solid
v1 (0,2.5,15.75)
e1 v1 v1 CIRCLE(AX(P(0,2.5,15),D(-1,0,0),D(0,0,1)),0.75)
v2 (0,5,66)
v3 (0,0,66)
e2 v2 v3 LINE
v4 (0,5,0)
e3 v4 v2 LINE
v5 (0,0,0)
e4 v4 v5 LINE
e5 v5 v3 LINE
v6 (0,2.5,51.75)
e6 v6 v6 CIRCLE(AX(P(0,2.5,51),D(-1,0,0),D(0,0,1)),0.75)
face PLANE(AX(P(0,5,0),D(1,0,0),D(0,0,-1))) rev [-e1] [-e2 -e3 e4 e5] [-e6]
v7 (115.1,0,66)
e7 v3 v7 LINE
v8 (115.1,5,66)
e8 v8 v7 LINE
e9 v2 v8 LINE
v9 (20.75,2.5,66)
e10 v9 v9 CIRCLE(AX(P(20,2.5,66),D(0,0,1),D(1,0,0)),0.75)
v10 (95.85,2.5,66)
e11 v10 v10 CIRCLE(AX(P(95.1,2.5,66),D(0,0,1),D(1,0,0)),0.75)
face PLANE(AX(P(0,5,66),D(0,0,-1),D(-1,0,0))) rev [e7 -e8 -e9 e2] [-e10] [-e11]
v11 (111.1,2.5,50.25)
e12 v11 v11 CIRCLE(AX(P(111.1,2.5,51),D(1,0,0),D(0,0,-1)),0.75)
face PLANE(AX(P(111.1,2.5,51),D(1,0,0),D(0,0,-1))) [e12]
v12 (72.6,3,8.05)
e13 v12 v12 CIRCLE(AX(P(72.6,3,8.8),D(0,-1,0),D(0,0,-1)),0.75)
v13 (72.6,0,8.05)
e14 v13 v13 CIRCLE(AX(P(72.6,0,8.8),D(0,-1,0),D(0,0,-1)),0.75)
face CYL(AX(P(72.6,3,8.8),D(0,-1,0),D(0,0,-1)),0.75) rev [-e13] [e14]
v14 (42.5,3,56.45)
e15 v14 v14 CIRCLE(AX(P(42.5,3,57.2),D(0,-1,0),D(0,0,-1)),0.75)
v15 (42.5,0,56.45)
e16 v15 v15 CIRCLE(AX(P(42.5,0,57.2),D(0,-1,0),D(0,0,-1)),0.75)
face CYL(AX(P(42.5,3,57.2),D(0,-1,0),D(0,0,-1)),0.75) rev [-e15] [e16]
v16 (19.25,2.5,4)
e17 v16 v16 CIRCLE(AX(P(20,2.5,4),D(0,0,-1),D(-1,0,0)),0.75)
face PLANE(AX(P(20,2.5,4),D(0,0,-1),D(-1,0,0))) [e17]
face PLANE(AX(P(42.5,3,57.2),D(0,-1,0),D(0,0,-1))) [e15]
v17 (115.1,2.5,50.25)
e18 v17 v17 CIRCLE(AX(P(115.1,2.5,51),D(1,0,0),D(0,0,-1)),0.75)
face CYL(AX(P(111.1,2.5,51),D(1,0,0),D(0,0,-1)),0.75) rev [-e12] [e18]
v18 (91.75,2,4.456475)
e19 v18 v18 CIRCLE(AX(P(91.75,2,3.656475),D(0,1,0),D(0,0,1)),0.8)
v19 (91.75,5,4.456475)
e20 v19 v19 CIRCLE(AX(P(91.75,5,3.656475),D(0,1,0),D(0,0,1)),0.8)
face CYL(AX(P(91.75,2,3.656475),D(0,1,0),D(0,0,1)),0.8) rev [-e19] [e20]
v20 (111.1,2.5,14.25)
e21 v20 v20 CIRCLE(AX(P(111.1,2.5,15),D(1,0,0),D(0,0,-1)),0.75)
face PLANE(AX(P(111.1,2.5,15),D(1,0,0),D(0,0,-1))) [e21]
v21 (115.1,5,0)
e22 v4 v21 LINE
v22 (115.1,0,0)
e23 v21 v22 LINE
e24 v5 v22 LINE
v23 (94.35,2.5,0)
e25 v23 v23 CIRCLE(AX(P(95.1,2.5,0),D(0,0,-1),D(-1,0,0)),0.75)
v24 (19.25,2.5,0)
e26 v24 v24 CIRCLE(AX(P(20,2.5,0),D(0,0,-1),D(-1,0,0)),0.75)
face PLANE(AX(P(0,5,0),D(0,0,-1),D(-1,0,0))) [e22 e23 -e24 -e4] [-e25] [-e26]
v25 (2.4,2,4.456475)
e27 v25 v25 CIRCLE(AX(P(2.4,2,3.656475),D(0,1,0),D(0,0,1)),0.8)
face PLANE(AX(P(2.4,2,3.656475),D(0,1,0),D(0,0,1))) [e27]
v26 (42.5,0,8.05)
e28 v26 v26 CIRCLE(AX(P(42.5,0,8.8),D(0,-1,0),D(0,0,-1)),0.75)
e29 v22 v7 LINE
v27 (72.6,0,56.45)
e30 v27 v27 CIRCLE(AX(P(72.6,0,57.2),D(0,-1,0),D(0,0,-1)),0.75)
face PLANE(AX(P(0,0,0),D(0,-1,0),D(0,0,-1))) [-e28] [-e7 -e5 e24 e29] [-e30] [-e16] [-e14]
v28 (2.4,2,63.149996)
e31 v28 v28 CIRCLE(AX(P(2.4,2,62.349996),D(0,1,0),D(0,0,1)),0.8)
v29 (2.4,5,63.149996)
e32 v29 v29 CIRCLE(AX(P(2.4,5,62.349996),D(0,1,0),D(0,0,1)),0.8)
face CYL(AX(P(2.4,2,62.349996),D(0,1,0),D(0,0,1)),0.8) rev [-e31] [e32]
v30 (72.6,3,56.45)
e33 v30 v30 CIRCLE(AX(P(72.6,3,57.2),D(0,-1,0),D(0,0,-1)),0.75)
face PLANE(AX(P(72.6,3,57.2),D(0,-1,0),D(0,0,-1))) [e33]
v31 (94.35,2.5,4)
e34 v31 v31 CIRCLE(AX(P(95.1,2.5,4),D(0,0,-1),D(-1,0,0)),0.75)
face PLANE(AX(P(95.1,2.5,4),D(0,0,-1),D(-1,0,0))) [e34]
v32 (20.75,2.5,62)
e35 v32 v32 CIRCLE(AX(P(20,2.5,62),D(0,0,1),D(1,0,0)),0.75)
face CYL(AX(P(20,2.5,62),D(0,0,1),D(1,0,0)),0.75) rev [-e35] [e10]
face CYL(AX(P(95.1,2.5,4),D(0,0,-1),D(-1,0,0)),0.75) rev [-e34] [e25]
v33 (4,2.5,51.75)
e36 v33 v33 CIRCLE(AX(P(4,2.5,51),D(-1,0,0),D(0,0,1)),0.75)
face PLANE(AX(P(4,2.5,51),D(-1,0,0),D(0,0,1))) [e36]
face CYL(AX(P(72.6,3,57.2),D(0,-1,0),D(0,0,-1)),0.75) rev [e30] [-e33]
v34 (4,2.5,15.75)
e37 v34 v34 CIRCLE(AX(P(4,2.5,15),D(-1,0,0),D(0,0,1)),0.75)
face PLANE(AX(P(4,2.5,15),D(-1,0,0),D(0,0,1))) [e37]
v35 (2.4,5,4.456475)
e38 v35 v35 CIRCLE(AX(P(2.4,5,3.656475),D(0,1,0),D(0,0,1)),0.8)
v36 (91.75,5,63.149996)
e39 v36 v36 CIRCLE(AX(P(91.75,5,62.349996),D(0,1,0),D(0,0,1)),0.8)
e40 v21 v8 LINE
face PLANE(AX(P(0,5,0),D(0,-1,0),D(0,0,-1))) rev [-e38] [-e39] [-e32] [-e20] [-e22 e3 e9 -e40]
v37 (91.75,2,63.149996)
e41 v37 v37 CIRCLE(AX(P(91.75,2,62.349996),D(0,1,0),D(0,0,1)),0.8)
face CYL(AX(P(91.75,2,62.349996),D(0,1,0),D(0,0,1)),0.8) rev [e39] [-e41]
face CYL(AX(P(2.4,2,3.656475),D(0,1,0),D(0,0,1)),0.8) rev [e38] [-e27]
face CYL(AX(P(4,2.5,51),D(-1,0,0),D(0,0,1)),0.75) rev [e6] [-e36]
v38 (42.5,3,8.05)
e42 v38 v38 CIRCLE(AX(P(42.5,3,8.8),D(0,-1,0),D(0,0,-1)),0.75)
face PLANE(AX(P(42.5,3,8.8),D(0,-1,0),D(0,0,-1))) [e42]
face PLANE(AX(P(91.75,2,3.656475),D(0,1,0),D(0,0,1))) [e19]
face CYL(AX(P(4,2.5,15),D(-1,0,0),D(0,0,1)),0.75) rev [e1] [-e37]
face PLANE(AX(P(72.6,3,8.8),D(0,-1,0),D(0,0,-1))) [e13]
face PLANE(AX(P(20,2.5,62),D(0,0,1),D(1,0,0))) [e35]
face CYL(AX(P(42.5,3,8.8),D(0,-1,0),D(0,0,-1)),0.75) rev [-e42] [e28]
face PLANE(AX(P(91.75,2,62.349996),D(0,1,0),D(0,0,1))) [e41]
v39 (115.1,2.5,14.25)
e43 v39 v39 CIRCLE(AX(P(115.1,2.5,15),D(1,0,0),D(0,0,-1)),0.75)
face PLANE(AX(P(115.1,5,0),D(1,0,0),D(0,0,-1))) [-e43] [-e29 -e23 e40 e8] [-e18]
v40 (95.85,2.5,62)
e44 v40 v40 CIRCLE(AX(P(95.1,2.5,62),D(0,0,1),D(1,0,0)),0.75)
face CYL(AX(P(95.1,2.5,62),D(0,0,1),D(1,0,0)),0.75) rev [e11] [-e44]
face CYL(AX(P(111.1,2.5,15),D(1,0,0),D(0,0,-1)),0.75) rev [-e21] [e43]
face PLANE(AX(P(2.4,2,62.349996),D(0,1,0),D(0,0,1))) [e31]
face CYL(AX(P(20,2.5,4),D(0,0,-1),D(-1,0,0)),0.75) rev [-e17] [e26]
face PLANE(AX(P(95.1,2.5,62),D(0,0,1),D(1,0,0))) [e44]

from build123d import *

# Parameters (mm, degrees)
SKETCH_1_W          = 115.1
SKETCH_1_H          = 66
EXTRUDE_1_DEPTH     = 5
SKETCH_2_R          = 0.8
CUT_EXTRUDE_1_DEPTH = 3
SKETCH_3_R          = 0.75
CUT_EXTRUDE_2_DEPTH = 4
CUT_EXTRUDE_START   = -111.1
SKETCH_3_3_R        = 0.75
CUT_EXTRUDE_3_DEPTH = 4
SKETCH_4_R          = 0.75
CUT_EXTRUDE_4_DEPTH = 4
CUT_EXTRUDE_START_2 = -62
SKETCH_4_2_R        = 0.75
CUT_EXTRUDE_5_DEPTH = 4
SKETCH_5_R          = 0.75
CUT_EXTRUDE_6_DEPTH = 3


with BuildPart() as part:
    # 草图1 → 凸台-拉伸1 (new body)
    with BuildSketch(Plane(origin=(0, 0, 0), x_dir=(1, 0, 0), z_dir=(0, 1, 0))):
        with Locations((57.55, -33)):
            Rectangle(SKETCH_1_W, SKETCH_1_H)
    extrude(amount=EXTRUDE_1_DEPTH)

    # 草图2 → 切除-拉伸1 (cut)
    with BuildSketch(Plane(origin=(0, 5, 0), x_dir=(1, 0, 0), z_dir=(0, 1, 0))):
        with Locations(Location((2.4, -62.349996231, 0), (0, 0, 270))):
            Circle(SKETCH_2_R)
        with Locations(Location((2.4, -3.656474817, 0), (0, 0, 270))):
            Circle(SKETCH_2_R)
        with Locations(Location((91.75, -62.349996231, 0), (0, 0, 270))):
            Circle(SKETCH_2_R)
        with Locations(Location((91.75, -3.656474817, 0), (0, 0, 270))):
            Circle(SKETCH_2_R)
    extrude(amount=-CUT_EXTRUDE_1_DEPTH, mode=Mode.SUBTRACT)

    # 草图3 → 切除-拉伸2 (cut)
    with BuildSketch(Plane.ZY):
        with Locations((51, 2.5)):
            Circle(SKETCH_3_R)
        with Locations((15, 2.5)):
            Circle(SKETCH_3_R)
    extrude(amount=-CUT_EXTRUDE_2_DEPTH, mode=Mode.SUBTRACT)

    # 草图3<3> → 切除-拉伸3 (cut)
    with BuildSketch(Plane.ZY.offset(CUT_EXTRUDE_START)):
        with Locations((51, 2.5)):
            Circle(SKETCH_3_3_R)
        with Locations((15, 2.5)):
            Circle(SKETCH_3_3_R)
    extrude(amount=-CUT_EXTRUDE_3_DEPTH, mode=Mode.SUBTRACT)

    # 草图4 → 切除-拉伸4 (cut)
    with BuildSketch(Plane.XY.offset(66)):
        with Locations((20, 2.5)):
            Circle(SKETCH_4_R)
        with Locations((95.1, 2.5)):
            Circle(SKETCH_4_R)
    extrude(amount=-CUT_EXTRUDE_4_DEPTH, mode=Mode.SUBTRACT)

    # 草图4<2> → 切除-拉伸5 (cut)
    with BuildSketch(Plane.XY.offset(66).offset(CUT_EXTRUDE_START_2)):
        with Locations((20, 2.5)):
            Circle(SKETCH_4_2_R)
        with Locations((95.1, 2.5)):
            Circle(SKETCH_4_2_R)
    extrude(amount=-CUT_EXTRUDE_5_DEPTH, mode=Mode.SUBTRACT)

    # 草图5 → 切除-拉伸6 (cut)
    with BuildSketch(Plane.XZ):
        with Locations(Location((72.6, 8.8, 0), (0, 0, 270))):
            Circle(SKETCH_5_R)
        with Locations(Location((42.5, 8.8, 0), (0, 0, 270))):
            Circle(SKETCH_5_R)
        with Locations(Location((72.6, 57.2, 0), (0, 0, 270))):
            Circle(SKETCH_5_R)
        with Locations(Location((42.5, 57.2, 0), (0, 0, 270))):
            Circle(SKETCH_5_R)
    extrude(amount=-CUT_EXTRUDE_6_DEPTH, mode=Mode.SUBTRACT)


solid = part.part
